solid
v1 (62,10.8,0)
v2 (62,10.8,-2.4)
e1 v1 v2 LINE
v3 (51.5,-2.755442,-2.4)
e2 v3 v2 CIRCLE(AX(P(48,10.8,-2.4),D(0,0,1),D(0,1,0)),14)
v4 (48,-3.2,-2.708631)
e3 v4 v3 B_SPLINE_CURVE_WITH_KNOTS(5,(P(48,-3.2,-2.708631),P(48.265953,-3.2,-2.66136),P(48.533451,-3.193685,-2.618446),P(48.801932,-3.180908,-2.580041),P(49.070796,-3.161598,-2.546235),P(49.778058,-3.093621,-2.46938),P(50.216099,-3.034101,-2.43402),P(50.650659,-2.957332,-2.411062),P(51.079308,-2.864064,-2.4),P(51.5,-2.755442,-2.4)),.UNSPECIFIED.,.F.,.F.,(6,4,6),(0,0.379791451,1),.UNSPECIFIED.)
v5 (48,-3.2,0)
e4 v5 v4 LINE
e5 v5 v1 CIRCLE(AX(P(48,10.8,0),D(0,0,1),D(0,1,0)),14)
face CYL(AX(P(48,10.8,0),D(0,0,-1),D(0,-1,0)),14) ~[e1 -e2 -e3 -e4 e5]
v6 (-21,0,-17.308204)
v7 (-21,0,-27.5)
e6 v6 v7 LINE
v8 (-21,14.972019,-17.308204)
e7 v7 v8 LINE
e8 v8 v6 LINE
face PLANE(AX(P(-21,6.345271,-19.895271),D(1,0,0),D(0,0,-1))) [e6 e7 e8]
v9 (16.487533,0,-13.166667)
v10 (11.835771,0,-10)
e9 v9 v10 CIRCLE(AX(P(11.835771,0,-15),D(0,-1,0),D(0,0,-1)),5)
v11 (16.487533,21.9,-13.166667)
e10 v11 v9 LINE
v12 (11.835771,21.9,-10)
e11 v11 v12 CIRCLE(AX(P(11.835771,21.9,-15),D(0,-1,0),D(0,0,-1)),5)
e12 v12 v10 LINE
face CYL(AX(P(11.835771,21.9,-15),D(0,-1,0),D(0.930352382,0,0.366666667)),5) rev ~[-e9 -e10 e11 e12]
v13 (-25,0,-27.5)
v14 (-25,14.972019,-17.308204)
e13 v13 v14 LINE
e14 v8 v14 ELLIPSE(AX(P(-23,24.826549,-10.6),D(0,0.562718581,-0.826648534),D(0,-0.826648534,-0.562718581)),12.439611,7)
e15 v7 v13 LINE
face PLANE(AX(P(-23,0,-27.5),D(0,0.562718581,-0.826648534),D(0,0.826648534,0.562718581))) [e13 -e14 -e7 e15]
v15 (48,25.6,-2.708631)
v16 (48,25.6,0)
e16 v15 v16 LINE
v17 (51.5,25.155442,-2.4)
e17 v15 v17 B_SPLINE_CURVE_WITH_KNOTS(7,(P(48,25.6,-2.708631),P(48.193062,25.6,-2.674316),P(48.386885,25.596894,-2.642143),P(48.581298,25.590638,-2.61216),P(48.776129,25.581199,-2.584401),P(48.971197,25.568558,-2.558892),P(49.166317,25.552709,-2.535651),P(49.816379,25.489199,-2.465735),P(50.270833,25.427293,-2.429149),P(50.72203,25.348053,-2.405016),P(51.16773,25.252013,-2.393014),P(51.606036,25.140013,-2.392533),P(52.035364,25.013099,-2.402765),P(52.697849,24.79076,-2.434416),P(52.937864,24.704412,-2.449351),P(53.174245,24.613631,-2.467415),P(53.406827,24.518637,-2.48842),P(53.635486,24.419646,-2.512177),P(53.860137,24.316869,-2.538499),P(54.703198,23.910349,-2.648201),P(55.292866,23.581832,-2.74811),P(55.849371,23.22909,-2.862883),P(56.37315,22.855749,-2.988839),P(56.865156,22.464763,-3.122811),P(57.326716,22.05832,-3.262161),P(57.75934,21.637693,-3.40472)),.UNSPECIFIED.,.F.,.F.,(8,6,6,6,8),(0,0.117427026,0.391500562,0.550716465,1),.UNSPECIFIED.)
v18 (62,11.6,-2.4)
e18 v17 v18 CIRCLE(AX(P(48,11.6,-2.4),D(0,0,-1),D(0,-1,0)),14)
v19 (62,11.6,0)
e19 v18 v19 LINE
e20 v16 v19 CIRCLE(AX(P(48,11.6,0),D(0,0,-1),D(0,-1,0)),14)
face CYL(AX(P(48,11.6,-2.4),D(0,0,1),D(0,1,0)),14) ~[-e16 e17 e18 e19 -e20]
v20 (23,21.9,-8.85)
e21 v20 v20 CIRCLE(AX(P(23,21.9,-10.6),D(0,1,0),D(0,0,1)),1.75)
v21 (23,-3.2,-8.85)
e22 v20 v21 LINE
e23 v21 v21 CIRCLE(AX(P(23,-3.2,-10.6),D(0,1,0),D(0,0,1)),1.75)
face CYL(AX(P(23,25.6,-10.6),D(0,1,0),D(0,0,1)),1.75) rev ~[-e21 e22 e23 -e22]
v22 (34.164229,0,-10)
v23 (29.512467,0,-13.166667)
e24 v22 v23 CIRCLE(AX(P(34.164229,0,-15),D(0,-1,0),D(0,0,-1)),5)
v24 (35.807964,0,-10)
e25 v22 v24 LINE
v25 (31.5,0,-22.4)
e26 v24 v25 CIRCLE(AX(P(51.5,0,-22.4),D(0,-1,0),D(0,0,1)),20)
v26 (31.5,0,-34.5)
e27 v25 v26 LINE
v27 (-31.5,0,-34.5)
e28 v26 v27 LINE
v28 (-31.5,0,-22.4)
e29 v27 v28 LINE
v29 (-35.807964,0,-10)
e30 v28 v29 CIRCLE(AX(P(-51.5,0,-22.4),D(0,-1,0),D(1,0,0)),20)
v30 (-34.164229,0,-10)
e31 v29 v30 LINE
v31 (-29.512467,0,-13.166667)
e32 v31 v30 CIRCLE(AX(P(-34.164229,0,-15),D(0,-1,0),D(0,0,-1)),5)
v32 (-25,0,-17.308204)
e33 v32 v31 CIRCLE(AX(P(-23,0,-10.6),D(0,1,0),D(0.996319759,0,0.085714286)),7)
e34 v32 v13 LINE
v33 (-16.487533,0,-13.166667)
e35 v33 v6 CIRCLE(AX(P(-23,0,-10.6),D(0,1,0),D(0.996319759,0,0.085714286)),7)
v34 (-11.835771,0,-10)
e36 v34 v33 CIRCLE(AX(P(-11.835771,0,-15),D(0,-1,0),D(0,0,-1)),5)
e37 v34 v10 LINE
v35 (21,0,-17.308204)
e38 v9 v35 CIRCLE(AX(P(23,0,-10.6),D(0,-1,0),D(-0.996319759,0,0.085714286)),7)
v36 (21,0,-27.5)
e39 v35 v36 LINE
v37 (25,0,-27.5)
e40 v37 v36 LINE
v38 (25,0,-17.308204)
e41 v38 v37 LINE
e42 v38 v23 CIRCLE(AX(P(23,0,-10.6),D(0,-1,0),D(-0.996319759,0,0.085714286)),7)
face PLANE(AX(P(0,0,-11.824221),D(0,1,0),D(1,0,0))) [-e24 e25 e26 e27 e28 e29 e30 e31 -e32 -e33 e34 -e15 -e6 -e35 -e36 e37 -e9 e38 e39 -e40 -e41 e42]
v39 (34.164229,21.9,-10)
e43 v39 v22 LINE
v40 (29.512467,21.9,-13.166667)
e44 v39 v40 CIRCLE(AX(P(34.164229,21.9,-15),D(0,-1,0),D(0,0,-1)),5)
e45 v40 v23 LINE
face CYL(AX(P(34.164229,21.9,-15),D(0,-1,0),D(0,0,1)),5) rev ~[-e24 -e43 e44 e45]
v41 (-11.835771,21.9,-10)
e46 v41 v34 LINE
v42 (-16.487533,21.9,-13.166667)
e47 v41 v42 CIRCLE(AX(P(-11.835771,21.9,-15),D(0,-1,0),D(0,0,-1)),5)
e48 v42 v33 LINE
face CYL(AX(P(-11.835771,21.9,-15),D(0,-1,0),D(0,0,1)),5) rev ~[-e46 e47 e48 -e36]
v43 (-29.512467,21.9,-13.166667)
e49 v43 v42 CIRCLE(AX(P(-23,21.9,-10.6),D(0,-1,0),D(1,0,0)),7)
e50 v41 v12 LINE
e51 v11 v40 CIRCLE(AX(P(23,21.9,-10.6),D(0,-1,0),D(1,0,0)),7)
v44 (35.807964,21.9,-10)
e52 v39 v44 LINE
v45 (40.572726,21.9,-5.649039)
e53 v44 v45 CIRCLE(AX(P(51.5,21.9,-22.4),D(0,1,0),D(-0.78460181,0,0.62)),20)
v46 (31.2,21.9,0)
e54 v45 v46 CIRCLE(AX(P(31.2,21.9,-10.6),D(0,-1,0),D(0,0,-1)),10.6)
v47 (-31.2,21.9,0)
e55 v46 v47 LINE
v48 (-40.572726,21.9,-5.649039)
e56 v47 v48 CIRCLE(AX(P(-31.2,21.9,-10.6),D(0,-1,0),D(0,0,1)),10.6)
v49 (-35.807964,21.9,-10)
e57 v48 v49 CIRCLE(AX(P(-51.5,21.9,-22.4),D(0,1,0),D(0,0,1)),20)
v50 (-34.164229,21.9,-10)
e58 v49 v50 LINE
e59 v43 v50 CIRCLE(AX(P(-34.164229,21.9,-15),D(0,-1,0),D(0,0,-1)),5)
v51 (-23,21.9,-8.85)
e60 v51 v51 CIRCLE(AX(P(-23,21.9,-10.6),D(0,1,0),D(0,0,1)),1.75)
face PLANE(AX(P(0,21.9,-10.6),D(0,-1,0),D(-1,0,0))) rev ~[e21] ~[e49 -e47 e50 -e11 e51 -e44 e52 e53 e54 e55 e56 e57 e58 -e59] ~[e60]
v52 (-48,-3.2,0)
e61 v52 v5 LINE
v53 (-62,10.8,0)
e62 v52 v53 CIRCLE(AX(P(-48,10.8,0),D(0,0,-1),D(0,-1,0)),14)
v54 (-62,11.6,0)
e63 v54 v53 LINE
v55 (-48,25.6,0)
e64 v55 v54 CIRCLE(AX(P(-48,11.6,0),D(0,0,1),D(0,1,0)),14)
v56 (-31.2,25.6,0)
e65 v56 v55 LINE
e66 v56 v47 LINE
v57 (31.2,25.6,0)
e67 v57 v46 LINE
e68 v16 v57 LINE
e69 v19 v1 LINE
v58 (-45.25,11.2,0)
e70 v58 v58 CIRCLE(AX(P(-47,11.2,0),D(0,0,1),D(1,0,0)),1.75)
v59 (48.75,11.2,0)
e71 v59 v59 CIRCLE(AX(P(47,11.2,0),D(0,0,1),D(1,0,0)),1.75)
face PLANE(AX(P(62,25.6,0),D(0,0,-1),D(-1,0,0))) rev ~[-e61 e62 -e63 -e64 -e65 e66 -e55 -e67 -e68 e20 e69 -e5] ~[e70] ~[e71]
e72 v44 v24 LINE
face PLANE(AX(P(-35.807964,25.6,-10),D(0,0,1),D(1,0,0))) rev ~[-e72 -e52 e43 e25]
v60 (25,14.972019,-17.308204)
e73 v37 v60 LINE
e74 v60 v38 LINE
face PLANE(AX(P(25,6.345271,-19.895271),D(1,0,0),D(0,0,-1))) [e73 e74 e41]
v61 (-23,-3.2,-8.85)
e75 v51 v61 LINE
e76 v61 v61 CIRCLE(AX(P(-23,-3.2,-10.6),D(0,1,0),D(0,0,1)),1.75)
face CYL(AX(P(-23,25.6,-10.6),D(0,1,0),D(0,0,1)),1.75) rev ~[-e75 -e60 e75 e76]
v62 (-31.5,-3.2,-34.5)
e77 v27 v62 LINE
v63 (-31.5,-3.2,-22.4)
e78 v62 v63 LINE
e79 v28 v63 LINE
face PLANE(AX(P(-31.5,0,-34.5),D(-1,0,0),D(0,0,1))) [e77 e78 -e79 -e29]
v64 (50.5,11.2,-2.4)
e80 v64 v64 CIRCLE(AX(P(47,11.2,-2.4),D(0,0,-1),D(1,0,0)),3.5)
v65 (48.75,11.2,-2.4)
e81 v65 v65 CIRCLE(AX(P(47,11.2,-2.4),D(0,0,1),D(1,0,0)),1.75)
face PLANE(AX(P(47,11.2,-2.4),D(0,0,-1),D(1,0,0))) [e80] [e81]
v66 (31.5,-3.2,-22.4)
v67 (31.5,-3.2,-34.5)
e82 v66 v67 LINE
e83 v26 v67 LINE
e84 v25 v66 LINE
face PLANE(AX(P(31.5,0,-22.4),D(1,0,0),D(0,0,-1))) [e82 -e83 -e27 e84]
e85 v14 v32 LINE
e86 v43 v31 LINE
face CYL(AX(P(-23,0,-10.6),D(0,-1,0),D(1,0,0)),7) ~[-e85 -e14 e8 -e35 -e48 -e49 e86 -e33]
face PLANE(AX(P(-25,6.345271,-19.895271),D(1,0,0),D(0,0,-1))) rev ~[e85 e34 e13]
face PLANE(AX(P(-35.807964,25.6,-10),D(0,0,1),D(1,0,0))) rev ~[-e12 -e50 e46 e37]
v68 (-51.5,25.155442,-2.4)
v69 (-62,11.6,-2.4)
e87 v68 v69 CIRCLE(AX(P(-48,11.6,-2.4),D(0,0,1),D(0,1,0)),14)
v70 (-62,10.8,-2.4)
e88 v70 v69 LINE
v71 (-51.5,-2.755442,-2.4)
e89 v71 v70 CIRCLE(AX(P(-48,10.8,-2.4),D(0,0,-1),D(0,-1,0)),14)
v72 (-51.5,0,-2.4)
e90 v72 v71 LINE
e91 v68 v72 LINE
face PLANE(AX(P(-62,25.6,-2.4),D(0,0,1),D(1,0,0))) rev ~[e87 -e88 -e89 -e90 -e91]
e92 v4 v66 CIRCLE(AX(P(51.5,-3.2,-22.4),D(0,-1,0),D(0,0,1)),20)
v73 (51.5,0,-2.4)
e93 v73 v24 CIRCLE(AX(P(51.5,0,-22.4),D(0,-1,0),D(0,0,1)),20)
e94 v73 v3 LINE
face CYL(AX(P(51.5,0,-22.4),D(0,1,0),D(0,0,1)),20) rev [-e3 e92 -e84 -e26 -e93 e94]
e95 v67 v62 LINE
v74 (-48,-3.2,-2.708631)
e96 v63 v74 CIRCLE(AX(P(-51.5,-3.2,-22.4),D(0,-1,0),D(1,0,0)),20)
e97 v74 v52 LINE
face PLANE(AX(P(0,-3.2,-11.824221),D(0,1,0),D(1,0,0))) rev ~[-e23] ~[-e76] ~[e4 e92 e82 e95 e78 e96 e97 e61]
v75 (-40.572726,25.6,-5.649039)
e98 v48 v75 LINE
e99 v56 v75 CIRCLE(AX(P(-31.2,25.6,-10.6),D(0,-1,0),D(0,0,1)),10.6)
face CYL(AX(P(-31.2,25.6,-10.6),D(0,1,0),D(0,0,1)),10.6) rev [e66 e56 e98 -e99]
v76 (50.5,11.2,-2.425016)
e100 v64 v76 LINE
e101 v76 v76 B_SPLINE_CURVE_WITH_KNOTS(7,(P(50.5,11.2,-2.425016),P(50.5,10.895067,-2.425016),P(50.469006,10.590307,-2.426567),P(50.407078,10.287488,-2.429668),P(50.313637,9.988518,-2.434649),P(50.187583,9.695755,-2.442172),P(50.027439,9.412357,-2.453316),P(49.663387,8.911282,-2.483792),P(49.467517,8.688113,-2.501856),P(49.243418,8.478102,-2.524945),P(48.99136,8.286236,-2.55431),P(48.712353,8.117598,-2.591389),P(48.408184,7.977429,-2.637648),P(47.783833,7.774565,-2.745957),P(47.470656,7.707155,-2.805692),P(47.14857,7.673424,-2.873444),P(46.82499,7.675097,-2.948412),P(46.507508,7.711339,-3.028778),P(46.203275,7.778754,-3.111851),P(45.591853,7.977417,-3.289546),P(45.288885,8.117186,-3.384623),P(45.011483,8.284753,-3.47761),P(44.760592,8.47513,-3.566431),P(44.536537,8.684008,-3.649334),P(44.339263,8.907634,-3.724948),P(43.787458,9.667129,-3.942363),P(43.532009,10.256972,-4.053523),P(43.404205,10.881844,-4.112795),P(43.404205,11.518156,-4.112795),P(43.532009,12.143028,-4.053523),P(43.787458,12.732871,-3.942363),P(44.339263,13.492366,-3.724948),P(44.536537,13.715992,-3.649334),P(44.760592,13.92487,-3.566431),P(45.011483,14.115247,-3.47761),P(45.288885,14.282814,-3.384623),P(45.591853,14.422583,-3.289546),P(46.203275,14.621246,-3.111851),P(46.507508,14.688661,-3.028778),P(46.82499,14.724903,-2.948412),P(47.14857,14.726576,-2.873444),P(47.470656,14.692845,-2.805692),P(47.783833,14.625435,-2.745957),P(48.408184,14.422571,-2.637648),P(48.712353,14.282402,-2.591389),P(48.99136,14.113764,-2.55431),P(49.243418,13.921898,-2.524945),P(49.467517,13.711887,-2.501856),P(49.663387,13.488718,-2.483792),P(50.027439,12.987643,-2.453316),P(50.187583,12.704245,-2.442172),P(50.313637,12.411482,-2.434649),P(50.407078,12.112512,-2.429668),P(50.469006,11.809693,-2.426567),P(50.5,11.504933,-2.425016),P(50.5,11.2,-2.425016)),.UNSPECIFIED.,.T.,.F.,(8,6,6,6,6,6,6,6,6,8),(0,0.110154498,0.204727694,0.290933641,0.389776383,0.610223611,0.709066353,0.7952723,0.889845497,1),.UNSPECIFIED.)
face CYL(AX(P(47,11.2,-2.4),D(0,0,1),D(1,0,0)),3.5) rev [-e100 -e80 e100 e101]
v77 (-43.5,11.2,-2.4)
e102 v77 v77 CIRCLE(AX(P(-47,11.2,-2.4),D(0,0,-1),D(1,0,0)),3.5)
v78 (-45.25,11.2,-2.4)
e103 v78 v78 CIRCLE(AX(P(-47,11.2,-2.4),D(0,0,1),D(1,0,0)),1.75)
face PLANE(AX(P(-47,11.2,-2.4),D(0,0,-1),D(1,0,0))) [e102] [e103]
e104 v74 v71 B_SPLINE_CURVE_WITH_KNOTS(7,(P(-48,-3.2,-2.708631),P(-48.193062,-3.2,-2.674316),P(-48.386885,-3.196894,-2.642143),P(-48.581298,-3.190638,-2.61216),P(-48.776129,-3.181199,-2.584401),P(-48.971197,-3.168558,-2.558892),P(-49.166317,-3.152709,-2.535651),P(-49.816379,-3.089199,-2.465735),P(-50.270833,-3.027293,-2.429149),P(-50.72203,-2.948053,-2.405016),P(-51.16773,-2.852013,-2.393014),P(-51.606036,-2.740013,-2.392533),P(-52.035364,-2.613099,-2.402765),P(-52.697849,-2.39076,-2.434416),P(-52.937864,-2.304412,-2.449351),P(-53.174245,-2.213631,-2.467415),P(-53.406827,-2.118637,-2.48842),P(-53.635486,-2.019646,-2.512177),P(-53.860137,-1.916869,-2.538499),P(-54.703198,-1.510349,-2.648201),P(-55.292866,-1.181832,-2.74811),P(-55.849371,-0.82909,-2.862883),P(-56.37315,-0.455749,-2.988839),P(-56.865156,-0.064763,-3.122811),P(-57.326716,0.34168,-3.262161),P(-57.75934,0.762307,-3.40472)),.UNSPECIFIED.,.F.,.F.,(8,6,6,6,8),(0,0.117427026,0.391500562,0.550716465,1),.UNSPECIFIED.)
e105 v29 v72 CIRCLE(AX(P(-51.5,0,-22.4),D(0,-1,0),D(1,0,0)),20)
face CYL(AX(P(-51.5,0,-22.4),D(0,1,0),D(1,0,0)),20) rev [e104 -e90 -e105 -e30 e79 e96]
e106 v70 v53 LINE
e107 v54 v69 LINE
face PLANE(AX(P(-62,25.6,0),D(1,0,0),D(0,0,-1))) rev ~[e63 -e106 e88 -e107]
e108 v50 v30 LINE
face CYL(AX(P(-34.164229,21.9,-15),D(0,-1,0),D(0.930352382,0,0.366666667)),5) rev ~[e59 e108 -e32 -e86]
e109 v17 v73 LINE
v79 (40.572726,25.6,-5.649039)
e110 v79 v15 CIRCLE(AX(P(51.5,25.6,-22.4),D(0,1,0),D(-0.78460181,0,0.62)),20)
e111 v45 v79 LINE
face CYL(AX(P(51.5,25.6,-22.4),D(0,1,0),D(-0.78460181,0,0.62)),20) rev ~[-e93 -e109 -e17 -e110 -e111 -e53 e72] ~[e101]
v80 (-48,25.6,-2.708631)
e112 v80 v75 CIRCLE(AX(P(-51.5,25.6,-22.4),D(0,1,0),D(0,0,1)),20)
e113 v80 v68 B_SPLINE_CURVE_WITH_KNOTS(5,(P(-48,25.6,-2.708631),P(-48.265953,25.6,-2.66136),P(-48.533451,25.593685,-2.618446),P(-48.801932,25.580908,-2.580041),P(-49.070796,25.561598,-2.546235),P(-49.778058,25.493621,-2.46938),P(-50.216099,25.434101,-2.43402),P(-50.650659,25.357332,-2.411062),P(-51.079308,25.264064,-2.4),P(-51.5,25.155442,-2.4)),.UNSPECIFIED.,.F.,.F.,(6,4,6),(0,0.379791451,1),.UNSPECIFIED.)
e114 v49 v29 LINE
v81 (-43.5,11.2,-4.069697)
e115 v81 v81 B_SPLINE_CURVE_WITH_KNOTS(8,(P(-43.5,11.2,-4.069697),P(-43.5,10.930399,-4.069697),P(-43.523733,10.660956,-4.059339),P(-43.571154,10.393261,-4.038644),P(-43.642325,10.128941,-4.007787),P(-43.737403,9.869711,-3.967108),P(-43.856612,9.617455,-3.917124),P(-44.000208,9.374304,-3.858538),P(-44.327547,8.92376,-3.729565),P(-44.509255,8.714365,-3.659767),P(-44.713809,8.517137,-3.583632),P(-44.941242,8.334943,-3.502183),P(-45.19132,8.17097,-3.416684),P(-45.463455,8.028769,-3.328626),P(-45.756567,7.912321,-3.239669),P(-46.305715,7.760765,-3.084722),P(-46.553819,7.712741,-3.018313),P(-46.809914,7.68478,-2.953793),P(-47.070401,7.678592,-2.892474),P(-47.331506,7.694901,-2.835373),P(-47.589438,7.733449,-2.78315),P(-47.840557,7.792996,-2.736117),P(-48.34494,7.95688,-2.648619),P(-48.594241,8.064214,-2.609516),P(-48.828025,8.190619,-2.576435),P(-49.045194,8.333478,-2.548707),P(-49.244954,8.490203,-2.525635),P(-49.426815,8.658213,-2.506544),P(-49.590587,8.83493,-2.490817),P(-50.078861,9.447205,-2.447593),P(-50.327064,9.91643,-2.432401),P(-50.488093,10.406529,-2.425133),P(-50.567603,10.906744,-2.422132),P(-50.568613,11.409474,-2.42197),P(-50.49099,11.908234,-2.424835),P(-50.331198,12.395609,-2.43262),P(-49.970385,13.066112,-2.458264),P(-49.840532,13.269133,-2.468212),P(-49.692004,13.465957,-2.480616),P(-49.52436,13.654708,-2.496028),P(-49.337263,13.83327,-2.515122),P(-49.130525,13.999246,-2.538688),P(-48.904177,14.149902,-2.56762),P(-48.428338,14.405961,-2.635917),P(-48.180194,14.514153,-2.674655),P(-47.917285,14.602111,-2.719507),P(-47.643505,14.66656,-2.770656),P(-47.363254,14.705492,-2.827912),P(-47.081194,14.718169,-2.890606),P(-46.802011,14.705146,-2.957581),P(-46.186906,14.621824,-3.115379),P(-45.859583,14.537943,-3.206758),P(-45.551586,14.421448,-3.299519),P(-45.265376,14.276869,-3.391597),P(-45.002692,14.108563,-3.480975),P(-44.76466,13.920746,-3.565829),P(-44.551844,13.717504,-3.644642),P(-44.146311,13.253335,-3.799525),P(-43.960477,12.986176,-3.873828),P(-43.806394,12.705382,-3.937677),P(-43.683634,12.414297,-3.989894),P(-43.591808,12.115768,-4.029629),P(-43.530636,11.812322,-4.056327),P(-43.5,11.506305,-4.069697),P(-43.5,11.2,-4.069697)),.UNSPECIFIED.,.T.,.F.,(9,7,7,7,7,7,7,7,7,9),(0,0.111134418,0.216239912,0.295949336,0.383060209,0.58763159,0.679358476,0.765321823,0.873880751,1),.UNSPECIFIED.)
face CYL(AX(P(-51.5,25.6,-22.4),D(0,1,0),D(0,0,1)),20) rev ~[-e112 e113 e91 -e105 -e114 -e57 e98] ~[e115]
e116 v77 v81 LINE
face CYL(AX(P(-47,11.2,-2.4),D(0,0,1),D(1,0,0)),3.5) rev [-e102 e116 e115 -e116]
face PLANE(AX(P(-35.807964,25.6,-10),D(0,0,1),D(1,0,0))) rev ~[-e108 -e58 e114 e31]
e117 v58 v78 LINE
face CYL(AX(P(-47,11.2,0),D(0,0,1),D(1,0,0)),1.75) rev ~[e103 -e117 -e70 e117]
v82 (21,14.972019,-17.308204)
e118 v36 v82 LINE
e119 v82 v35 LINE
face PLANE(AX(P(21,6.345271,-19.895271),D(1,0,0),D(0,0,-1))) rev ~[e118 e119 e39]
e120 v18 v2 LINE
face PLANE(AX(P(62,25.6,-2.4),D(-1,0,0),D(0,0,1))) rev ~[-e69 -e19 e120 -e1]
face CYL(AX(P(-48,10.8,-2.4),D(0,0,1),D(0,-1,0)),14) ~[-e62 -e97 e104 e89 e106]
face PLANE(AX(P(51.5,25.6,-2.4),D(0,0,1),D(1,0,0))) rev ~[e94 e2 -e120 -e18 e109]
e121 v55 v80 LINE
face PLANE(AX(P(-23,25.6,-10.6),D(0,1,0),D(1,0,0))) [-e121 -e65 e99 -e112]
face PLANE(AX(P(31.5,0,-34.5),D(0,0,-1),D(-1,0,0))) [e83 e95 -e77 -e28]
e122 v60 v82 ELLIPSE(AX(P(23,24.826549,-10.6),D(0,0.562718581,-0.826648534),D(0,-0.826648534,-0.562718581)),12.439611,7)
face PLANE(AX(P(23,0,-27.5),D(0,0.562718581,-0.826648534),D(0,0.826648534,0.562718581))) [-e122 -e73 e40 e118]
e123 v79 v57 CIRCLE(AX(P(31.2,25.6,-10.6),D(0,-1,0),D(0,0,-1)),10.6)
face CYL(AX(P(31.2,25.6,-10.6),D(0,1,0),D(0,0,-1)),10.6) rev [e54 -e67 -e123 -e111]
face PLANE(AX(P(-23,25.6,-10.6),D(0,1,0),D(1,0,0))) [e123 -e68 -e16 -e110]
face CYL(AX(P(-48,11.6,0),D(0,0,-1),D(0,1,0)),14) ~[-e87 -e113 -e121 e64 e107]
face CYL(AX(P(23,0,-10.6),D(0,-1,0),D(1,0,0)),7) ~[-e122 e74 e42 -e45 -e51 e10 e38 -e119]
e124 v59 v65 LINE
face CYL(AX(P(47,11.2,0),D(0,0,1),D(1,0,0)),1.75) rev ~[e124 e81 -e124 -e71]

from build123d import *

# Parameters (mm, degrees)
BOSS_EXTRUDE1_DEPTH = 3.2
BOSS_EXTRUDE2_START = 25.6
BOSS_EXTRUDE2_DEPTH = 25.6
SKETCH9_R           = 7
BOSS_EXTRUDE3_DEPTH = 25.6
BOSS_EXTRUDE4_DEPTH = 2
BOSS_EXTRUDE5_START = -46
BOSS_EXTRUDE5_DEPTH = 2
FILLET2_R           = 14
SKETCH12_R          = 1.75
CUT_EXTRUDE1_DEPTH  = 76.429503628
SKETCH15_R          = 3.5
CUT_EXTRUDE4_DEPTH  = 75.362423424
SKETCH16_R          = 1.75
CUT_EXTRUDE5_DEPTH  = 77.574734855
CUT_EXTRUDE6_DEPTH  = 3.7
FILLET3_R           = 5


with BuildPart() as part:
    # Sketch5 → Boss-Extrude1 (new body)
    with BuildSketch(Plane(origin=(0, 0, 0), x_dir=(1, 0, 0), z_dir=(0, 1, 0))):
        with BuildLine():
            Line((-62, 0), (62, 0))
            Line((62, 0), (62, 2.4))
            Line((62, 2.4), (51.5, 2.4))
            ThreePointArc((51.5, 2.4), (37.357864376, 8.257864376), (31.5, 22.4))
            Line((31.5, 22.4), (31.5, 34.5))
            Line((31.5, 34.5), (-31.5, 34.5))
            Line((-31.5, 34.5), (-31.5, 22.4))
            ThreePointArc((-31.5, 22.4), (-37.357864376, 8.257864376), (-51.5, 2.4))
            Line((-51.5, 2.4), (-62, 2.4))
            Line((-62, 2.4), (-62, 0))
        make_face()
    extrude(amount=-BOSS_EXTRUDE1_DEPTH)

    # Sketch8 → Boss-Extrude2 (add)
    with BuildSketch(Plane(origin=(0, 0, 0), x_dir=(1, 0, 0), z_dir=(0, 1, 0)).offset(BOSS_EXTRUDE2_START)):
        with BuildLine():
            Line((-35.807963803, 10), (35.807963803, 10))
            ThreePointArc((35.807963803, 10), (42.782202113, 4.4), (51.5, 2.4))
            Line((51.5, 2.4), (62, 2.4))
            Line((62, 2.4), (62, 0))
            Line((62, 0), (-62, 0))
            Line((-62, 0), (-62, 2.4))
            Line((-62, 2.4), (-51.5, 2.4))
            ThreePointArc((-51.5, 2.4), (-42.782202113, 4.4), (-35.807963803, 10))
        make_face()
    extrude(amount=-BOSS_EXTRUDE2_DEPTH)

    # Sketch9 → Boss-Extrude3 (add)
    with BuildSketch(Plane(origin=(0, 0, 0), x_dir=(1, 0, 0), z_dir=(0, 1, 0))):
        with Locations((-23, 10.6)):
            Circle(SKETCH9_R)
        with Locations((23, 10.6)):
            Circle(SKETCH9_R)
    extrude(amount=BOSS_EXTRUDE3_DEPTH)

    # Sketch10 → Boss-Extrude4 (add, symmetric)
    with BuildSketch(Plane(origin=(23, 0, 0), x_dir=(0, 0, -1), z_dir=(1, 0, 0))):
        Polygon((16.2, 16.6), (16.2, 0), (27.5, 0), align=None)
    extrude(amount=BOSS_EXTRUDE4_DEPTH, both=True)

    # Sketch10<4> → Boss-Extrude5 (add, symmetric)
    with BuildSketch(Plane(origin=(23, 0, 0), x_dir=(0, 0, -1), z_dir=(1, 0, 0)).offset(BOSS_EXTRUDE5_START)):
        Polygon((16.2, 16.6), (16.2, 0), (27.5, 0), align=None)
    extrude(amount=BOSS_EXTRUDE5_DEPTH, both=True)

    # Fillet2
    fillet2_edges = [part.edges().sort_by_distance(p)[0] for p in [
        (62, -3.2, -1.2),
        (62, 25.6, -1.2),
        (-62, -3.2, -1.2),
        (-62, 25.6, -1.2),
    ]]
    fillet(fillet2_edges, radius=FILLET2_R)

    # Sketch12 → Cut-Extrude1 (cut, through all)
    with BuildSketch(Plane.XY):
        with Locations((-47, 11.2)):
            Circle(SKETCH12_R)
        with Locations((47, 11.2)):
            Circle(SKETCH12_R)
    extrude(amount=-CUT_EXTRUDE1_DEPTH, mode=Mode.SUBTRACT)

    # Sketch15 → Cut-Extrude4 (cut, through all)
    with BuildSketch(Plane(origin=(0, 0, -2.4), x_dir=(-1, 0, 0), z_dir=(0, 0, -1))):
        with Locations(Location((-47, 11.2, 0), (0, 0, 180))):
            Circle(SKETCH15_R)
        with Locations(Location((47, 11.2, 0), (0, 0, 180))):
            Circle(SKETCH15_R)
    extrude(amount=CUT_EXTRUDE4_DEPTH, mode=Mode.SUBTRACT)

    # Sketch16 → Cut-Extrude5 (cut, through all)
    with BuildSketch(Plane(origin=(0, 25.6, 0), x_dir=(1, 0, 0), z_dir=(0, 1, 0))):
        with Locations(Location((-23, 10.6, 0), (0, 0, 270))):
            Circle(SKETCH16_R)
        with Locations(Location((23, 10.6, 0), (0, 0, 270))):
            Circle(SKETCH16_R)
    extrude(amount=-CUT_EXTRUDE5_DEPTH, mode=Mode.SUBTRACT)

    # Sketch17 → Cut-Extrude6 (cut)
    with BuildSketch(Plane(origin=(0, 25.6, 0), x_dir=(1, 0, 0), z_dir=(0, 1, 0))):
        with BuildLine():
            Line((-31.2, 21.2), (31.2, 21.2))
            ThreePointArc((31.2, 21.2), (41.8, 10.6), (31.2, 0))
            Line((31.2, 0), (-31.2, 0))
            ThreePointArc((-31.2, 0), (-41.8, 10.6), (-31.2, 21.2))
        make_face()
    extrude(amount=-CUT_EXTRUDE6_DEPTH, mode=Mode.SUBTRACT)

    # Fillet3
    fillet3_edges = [part.edges().sort_by_distance(p)[0] for p in [
        (16.02576169, 10.95, -10),
        (-29.97423831, 10.95, -10),
        (-16.02576169, 10.95, -10),
        (29.97423831, 10.95, -10),
    ]]
    fillet(fillet3_edges, radius=FILLET3_R)


solid = part.part
